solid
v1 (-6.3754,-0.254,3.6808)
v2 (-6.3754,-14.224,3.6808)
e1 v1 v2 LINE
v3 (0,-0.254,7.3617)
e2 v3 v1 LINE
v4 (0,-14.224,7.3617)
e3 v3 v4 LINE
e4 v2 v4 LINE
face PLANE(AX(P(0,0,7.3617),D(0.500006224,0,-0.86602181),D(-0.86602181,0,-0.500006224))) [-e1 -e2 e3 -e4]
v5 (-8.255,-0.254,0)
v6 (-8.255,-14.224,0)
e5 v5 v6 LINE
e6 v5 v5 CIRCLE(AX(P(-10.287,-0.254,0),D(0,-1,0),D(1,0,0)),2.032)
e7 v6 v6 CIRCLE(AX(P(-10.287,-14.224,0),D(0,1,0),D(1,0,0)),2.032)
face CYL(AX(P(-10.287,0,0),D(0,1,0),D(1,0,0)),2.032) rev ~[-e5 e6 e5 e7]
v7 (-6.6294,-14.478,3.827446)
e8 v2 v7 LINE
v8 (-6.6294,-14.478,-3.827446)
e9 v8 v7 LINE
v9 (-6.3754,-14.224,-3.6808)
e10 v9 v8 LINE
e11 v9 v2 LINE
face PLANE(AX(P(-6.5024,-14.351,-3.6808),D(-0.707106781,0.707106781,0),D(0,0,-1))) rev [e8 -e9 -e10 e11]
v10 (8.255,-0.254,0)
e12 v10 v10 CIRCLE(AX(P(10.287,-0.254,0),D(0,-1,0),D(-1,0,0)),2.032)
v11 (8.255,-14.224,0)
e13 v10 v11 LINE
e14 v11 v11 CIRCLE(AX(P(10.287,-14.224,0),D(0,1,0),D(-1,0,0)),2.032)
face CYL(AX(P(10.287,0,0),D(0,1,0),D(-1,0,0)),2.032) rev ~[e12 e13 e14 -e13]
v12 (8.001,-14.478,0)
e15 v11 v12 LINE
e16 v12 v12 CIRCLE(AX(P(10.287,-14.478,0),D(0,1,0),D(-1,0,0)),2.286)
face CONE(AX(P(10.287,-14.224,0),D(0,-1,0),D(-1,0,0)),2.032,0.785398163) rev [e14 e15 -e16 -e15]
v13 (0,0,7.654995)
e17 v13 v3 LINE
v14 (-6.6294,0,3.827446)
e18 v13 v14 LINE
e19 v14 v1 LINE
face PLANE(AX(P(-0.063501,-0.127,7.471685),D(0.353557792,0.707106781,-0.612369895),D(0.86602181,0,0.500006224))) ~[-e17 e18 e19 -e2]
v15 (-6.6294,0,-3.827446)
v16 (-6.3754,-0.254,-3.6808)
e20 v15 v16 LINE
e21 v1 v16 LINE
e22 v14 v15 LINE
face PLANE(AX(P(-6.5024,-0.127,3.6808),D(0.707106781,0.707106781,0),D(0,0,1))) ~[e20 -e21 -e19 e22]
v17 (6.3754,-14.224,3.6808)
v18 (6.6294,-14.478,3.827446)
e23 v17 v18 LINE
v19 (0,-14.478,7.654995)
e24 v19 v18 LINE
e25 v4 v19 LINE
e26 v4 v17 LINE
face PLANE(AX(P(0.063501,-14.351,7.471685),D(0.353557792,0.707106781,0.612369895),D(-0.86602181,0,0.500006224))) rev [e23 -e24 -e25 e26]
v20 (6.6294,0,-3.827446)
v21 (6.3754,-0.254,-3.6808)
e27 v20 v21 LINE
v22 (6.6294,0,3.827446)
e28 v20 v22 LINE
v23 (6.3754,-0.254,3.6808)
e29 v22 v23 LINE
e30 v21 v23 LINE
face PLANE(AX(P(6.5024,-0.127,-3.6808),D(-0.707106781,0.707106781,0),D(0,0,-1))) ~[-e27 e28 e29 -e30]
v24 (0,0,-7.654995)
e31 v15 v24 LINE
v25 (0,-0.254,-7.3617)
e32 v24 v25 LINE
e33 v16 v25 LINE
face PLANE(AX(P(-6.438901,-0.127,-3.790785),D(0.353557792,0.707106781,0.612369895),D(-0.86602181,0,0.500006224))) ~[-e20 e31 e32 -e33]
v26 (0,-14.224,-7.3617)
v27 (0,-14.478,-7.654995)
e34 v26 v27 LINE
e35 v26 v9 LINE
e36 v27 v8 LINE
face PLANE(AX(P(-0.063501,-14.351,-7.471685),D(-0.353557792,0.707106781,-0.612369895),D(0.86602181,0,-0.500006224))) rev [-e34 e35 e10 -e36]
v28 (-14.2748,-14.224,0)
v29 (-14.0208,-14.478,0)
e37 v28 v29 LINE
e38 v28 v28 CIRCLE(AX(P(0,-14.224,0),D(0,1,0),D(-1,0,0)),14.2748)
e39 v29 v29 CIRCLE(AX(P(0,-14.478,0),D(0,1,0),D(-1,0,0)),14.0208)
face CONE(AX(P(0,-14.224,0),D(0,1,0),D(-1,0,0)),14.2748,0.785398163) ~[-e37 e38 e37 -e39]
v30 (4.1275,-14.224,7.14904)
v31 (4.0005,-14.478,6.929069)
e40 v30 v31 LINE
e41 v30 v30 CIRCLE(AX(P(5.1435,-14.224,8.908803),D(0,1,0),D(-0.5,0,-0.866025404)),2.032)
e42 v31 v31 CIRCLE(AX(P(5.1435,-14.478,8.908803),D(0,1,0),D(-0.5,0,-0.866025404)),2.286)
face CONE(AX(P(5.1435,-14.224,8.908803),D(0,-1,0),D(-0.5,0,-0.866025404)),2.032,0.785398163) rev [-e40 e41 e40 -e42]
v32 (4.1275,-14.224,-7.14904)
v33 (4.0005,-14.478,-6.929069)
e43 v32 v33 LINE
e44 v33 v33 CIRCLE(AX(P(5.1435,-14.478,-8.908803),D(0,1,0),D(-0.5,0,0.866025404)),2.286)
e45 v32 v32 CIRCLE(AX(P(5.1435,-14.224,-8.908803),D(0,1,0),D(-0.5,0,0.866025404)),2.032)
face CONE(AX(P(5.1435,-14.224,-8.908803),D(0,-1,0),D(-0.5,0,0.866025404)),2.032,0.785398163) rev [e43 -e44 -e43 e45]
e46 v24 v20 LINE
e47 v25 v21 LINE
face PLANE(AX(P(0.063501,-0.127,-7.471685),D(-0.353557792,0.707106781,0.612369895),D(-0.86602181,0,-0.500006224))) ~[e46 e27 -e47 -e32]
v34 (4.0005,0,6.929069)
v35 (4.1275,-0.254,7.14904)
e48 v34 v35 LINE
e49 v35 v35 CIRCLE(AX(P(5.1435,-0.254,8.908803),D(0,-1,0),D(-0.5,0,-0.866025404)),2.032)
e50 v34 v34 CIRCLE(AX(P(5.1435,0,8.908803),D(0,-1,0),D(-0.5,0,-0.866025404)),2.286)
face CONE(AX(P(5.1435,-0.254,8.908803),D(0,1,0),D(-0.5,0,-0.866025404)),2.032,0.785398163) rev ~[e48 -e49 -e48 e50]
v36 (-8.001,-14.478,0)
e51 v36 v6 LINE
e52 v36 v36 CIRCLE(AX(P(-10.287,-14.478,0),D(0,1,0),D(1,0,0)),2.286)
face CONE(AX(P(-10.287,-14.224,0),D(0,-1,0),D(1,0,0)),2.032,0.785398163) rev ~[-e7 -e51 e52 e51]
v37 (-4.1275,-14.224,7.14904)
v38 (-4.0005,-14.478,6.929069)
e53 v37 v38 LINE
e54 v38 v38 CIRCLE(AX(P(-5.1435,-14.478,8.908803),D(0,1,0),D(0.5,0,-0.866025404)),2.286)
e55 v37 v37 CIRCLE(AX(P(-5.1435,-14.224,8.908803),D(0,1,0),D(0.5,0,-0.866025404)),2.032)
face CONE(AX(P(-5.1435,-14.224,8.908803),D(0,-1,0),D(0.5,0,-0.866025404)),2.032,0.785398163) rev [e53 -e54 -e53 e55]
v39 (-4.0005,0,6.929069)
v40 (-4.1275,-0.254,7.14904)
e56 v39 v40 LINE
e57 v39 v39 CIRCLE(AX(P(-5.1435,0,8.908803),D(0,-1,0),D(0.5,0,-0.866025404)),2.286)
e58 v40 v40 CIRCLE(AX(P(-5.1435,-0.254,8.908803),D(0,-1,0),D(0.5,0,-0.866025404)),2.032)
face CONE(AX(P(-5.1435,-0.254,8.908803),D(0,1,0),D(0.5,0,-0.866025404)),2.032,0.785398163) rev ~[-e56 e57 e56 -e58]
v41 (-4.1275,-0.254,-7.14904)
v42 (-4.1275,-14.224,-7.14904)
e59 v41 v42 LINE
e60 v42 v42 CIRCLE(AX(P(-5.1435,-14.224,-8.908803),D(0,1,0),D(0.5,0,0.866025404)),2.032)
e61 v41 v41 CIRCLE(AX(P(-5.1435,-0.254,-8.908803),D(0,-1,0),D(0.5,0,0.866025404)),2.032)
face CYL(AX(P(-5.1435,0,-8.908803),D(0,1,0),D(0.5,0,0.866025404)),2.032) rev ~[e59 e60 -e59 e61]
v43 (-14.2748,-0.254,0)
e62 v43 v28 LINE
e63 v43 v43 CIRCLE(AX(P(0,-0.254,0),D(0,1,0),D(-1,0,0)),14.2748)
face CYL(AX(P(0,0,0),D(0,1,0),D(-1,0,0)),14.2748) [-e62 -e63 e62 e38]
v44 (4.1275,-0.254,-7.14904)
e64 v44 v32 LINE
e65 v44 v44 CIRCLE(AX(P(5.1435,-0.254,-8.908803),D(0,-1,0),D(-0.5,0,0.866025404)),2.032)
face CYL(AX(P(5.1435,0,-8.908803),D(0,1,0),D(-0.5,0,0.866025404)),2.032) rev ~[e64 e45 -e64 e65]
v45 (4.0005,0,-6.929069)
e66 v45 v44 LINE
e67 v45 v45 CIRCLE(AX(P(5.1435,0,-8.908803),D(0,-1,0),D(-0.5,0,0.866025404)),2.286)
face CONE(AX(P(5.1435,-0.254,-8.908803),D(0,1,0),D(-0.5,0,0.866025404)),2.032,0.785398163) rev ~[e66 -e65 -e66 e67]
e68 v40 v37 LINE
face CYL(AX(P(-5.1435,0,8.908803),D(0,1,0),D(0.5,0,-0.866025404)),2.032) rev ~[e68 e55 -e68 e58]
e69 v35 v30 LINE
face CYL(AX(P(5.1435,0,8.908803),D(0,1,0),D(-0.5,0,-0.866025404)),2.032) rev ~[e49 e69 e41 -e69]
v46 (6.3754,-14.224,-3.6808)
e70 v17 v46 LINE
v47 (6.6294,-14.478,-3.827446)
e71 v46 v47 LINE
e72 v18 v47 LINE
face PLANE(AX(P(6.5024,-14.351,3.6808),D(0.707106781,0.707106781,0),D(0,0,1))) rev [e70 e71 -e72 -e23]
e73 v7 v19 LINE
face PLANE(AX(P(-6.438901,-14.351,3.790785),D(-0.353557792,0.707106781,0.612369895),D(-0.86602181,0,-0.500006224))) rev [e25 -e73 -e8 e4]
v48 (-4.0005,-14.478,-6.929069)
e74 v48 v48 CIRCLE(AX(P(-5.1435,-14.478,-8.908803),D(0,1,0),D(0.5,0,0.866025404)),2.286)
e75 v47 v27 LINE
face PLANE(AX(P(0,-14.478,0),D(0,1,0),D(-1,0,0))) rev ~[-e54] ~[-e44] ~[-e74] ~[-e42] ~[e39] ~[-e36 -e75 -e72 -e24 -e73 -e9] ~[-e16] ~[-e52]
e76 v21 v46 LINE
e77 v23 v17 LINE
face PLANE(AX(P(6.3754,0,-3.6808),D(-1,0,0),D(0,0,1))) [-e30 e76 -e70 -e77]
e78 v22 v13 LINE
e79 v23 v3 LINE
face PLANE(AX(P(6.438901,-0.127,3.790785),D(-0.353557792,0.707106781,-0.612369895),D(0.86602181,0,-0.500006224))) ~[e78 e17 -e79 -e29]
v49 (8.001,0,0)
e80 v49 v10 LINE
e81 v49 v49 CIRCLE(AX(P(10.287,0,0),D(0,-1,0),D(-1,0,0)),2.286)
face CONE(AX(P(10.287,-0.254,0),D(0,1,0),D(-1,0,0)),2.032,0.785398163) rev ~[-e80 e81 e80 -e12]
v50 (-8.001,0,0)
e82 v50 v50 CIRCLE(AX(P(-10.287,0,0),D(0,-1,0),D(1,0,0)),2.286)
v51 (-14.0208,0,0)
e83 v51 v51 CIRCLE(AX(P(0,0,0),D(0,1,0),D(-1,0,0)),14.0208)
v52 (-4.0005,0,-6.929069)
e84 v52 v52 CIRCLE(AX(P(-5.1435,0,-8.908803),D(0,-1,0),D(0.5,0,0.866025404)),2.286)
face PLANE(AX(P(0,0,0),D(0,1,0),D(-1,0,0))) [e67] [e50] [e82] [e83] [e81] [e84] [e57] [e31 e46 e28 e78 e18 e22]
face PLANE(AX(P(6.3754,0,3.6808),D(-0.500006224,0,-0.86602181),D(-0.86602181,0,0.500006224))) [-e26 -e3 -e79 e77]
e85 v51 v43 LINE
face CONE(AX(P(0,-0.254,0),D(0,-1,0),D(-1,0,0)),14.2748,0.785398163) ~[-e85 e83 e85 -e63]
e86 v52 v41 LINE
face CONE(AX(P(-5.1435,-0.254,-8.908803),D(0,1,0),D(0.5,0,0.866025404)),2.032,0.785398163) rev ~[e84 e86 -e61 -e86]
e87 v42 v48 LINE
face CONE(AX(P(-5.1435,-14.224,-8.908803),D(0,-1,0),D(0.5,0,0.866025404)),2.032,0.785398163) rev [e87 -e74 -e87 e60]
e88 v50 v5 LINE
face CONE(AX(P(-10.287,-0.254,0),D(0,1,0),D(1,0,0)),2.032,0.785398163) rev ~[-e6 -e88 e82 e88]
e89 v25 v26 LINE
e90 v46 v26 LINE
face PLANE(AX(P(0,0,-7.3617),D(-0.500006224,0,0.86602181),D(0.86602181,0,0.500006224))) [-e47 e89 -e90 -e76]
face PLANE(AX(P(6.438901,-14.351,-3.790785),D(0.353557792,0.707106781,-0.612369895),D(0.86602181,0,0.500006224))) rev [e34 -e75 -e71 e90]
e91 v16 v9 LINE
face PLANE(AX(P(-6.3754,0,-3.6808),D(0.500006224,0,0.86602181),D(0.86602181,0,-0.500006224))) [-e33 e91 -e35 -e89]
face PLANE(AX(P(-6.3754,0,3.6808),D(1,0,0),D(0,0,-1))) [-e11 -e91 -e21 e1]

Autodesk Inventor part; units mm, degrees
ref_plane "YZ Plane" through (0, 0, 0) normal (1, 0, 0) x (0, 1, 0)
ref_plane "XZ Plane" through (0, 0, 0) normal (0, 1, 0) x (-1, 0, 0)
ref_plane "XY Plane" through (0, 0, 0) normal (0, 0, 1) x (1, 0, 0)
sketch "Sketch1" plane through (0, 0, 0) normal (0, 1, 0) x (-1, 0, 0)
  circle A0 centre (0, 0) radius 14.2748
  dimension "d0" = 28.5496
extrude "Extrusion1" add sketch "Sketch1" against normal blind 14.478
sketch "Sketch2" plane through (0, 0, 0) normal (0, 1, 0) x (1, 0, 0)
  circle A0 centre (0, 0) radius 10.287
  circle A1 centre (-10.287, 0) radius 2.032
  dimension "d3" = 20.574
  dimension "d4" = 4.064
extrude "Extrusion2" cut sketch "Sketch2" against normal up to next contours A1 A0 | A0 A1 picked at (-9.5948, 0) picked at (-10.9494, 0)
chamfer "Chamfer1" distance 0.254 angle 45 2 edges at (-12.319, 0, 0) (-12.319, -14.478, 0)
pattern_circular "Circular Pattern1" count 6 over 360 about axis through (0, 0, 0) along (0, -1, 0) of "Extrusion2", "Chamfer1"
chamfer "Chamfer2" distance 0.254 angle 45 2 edges at (14.2748, 0, 0) (14.2748, -14.478, 0)
sketch "Sketch3" plane through (0, 0, 0) normal (0, 1, 0) x (1, 0, 0)
  line L0 (-6.3754, 3.6808) -> (0, 7.3617)
  line L1 (0, 7.3617) -> (6.3754, 3.6808)
  line L2 (6.3754, 3.6808) -> (6.3754, -3.6808)
  line L3 (6.3754, -3.6808) -> (0, -7.3617)
  line L4 (0, -7.3617) -> (-6.3754, -3.6808)
  line L5 (-6.3754, -3.6808) -> (-6.3754, 3.6808)
  point P0 (0, 0)
  point P1 (0, 0)
  dimension "d16" = 12.7508
extrude "Extrusion3" cut sketch "Sketch3" against normal up to next
chamfer "Chamfer3" distance 0.254 angle 45 12 edges at (-6.3754, 0, 0) (-3.1877, 0, -5.5213) (3.1877, 0, -5.5213) (6.3754, 0, 0) (3.1877, 0, 5.5213) (-3.1877, 0, 5.5213) (3.1877, -14.478, 5.5213) (6.3754, -14.478, 0) (3.1877, -14.478, -5.5213) (-3.1877, -14.478, -5.5213) (-6.3754, -14.478, 0) (-3.1877, -14.478, 5.5213)
properties part number "am-1305" material "Polypropylene"
